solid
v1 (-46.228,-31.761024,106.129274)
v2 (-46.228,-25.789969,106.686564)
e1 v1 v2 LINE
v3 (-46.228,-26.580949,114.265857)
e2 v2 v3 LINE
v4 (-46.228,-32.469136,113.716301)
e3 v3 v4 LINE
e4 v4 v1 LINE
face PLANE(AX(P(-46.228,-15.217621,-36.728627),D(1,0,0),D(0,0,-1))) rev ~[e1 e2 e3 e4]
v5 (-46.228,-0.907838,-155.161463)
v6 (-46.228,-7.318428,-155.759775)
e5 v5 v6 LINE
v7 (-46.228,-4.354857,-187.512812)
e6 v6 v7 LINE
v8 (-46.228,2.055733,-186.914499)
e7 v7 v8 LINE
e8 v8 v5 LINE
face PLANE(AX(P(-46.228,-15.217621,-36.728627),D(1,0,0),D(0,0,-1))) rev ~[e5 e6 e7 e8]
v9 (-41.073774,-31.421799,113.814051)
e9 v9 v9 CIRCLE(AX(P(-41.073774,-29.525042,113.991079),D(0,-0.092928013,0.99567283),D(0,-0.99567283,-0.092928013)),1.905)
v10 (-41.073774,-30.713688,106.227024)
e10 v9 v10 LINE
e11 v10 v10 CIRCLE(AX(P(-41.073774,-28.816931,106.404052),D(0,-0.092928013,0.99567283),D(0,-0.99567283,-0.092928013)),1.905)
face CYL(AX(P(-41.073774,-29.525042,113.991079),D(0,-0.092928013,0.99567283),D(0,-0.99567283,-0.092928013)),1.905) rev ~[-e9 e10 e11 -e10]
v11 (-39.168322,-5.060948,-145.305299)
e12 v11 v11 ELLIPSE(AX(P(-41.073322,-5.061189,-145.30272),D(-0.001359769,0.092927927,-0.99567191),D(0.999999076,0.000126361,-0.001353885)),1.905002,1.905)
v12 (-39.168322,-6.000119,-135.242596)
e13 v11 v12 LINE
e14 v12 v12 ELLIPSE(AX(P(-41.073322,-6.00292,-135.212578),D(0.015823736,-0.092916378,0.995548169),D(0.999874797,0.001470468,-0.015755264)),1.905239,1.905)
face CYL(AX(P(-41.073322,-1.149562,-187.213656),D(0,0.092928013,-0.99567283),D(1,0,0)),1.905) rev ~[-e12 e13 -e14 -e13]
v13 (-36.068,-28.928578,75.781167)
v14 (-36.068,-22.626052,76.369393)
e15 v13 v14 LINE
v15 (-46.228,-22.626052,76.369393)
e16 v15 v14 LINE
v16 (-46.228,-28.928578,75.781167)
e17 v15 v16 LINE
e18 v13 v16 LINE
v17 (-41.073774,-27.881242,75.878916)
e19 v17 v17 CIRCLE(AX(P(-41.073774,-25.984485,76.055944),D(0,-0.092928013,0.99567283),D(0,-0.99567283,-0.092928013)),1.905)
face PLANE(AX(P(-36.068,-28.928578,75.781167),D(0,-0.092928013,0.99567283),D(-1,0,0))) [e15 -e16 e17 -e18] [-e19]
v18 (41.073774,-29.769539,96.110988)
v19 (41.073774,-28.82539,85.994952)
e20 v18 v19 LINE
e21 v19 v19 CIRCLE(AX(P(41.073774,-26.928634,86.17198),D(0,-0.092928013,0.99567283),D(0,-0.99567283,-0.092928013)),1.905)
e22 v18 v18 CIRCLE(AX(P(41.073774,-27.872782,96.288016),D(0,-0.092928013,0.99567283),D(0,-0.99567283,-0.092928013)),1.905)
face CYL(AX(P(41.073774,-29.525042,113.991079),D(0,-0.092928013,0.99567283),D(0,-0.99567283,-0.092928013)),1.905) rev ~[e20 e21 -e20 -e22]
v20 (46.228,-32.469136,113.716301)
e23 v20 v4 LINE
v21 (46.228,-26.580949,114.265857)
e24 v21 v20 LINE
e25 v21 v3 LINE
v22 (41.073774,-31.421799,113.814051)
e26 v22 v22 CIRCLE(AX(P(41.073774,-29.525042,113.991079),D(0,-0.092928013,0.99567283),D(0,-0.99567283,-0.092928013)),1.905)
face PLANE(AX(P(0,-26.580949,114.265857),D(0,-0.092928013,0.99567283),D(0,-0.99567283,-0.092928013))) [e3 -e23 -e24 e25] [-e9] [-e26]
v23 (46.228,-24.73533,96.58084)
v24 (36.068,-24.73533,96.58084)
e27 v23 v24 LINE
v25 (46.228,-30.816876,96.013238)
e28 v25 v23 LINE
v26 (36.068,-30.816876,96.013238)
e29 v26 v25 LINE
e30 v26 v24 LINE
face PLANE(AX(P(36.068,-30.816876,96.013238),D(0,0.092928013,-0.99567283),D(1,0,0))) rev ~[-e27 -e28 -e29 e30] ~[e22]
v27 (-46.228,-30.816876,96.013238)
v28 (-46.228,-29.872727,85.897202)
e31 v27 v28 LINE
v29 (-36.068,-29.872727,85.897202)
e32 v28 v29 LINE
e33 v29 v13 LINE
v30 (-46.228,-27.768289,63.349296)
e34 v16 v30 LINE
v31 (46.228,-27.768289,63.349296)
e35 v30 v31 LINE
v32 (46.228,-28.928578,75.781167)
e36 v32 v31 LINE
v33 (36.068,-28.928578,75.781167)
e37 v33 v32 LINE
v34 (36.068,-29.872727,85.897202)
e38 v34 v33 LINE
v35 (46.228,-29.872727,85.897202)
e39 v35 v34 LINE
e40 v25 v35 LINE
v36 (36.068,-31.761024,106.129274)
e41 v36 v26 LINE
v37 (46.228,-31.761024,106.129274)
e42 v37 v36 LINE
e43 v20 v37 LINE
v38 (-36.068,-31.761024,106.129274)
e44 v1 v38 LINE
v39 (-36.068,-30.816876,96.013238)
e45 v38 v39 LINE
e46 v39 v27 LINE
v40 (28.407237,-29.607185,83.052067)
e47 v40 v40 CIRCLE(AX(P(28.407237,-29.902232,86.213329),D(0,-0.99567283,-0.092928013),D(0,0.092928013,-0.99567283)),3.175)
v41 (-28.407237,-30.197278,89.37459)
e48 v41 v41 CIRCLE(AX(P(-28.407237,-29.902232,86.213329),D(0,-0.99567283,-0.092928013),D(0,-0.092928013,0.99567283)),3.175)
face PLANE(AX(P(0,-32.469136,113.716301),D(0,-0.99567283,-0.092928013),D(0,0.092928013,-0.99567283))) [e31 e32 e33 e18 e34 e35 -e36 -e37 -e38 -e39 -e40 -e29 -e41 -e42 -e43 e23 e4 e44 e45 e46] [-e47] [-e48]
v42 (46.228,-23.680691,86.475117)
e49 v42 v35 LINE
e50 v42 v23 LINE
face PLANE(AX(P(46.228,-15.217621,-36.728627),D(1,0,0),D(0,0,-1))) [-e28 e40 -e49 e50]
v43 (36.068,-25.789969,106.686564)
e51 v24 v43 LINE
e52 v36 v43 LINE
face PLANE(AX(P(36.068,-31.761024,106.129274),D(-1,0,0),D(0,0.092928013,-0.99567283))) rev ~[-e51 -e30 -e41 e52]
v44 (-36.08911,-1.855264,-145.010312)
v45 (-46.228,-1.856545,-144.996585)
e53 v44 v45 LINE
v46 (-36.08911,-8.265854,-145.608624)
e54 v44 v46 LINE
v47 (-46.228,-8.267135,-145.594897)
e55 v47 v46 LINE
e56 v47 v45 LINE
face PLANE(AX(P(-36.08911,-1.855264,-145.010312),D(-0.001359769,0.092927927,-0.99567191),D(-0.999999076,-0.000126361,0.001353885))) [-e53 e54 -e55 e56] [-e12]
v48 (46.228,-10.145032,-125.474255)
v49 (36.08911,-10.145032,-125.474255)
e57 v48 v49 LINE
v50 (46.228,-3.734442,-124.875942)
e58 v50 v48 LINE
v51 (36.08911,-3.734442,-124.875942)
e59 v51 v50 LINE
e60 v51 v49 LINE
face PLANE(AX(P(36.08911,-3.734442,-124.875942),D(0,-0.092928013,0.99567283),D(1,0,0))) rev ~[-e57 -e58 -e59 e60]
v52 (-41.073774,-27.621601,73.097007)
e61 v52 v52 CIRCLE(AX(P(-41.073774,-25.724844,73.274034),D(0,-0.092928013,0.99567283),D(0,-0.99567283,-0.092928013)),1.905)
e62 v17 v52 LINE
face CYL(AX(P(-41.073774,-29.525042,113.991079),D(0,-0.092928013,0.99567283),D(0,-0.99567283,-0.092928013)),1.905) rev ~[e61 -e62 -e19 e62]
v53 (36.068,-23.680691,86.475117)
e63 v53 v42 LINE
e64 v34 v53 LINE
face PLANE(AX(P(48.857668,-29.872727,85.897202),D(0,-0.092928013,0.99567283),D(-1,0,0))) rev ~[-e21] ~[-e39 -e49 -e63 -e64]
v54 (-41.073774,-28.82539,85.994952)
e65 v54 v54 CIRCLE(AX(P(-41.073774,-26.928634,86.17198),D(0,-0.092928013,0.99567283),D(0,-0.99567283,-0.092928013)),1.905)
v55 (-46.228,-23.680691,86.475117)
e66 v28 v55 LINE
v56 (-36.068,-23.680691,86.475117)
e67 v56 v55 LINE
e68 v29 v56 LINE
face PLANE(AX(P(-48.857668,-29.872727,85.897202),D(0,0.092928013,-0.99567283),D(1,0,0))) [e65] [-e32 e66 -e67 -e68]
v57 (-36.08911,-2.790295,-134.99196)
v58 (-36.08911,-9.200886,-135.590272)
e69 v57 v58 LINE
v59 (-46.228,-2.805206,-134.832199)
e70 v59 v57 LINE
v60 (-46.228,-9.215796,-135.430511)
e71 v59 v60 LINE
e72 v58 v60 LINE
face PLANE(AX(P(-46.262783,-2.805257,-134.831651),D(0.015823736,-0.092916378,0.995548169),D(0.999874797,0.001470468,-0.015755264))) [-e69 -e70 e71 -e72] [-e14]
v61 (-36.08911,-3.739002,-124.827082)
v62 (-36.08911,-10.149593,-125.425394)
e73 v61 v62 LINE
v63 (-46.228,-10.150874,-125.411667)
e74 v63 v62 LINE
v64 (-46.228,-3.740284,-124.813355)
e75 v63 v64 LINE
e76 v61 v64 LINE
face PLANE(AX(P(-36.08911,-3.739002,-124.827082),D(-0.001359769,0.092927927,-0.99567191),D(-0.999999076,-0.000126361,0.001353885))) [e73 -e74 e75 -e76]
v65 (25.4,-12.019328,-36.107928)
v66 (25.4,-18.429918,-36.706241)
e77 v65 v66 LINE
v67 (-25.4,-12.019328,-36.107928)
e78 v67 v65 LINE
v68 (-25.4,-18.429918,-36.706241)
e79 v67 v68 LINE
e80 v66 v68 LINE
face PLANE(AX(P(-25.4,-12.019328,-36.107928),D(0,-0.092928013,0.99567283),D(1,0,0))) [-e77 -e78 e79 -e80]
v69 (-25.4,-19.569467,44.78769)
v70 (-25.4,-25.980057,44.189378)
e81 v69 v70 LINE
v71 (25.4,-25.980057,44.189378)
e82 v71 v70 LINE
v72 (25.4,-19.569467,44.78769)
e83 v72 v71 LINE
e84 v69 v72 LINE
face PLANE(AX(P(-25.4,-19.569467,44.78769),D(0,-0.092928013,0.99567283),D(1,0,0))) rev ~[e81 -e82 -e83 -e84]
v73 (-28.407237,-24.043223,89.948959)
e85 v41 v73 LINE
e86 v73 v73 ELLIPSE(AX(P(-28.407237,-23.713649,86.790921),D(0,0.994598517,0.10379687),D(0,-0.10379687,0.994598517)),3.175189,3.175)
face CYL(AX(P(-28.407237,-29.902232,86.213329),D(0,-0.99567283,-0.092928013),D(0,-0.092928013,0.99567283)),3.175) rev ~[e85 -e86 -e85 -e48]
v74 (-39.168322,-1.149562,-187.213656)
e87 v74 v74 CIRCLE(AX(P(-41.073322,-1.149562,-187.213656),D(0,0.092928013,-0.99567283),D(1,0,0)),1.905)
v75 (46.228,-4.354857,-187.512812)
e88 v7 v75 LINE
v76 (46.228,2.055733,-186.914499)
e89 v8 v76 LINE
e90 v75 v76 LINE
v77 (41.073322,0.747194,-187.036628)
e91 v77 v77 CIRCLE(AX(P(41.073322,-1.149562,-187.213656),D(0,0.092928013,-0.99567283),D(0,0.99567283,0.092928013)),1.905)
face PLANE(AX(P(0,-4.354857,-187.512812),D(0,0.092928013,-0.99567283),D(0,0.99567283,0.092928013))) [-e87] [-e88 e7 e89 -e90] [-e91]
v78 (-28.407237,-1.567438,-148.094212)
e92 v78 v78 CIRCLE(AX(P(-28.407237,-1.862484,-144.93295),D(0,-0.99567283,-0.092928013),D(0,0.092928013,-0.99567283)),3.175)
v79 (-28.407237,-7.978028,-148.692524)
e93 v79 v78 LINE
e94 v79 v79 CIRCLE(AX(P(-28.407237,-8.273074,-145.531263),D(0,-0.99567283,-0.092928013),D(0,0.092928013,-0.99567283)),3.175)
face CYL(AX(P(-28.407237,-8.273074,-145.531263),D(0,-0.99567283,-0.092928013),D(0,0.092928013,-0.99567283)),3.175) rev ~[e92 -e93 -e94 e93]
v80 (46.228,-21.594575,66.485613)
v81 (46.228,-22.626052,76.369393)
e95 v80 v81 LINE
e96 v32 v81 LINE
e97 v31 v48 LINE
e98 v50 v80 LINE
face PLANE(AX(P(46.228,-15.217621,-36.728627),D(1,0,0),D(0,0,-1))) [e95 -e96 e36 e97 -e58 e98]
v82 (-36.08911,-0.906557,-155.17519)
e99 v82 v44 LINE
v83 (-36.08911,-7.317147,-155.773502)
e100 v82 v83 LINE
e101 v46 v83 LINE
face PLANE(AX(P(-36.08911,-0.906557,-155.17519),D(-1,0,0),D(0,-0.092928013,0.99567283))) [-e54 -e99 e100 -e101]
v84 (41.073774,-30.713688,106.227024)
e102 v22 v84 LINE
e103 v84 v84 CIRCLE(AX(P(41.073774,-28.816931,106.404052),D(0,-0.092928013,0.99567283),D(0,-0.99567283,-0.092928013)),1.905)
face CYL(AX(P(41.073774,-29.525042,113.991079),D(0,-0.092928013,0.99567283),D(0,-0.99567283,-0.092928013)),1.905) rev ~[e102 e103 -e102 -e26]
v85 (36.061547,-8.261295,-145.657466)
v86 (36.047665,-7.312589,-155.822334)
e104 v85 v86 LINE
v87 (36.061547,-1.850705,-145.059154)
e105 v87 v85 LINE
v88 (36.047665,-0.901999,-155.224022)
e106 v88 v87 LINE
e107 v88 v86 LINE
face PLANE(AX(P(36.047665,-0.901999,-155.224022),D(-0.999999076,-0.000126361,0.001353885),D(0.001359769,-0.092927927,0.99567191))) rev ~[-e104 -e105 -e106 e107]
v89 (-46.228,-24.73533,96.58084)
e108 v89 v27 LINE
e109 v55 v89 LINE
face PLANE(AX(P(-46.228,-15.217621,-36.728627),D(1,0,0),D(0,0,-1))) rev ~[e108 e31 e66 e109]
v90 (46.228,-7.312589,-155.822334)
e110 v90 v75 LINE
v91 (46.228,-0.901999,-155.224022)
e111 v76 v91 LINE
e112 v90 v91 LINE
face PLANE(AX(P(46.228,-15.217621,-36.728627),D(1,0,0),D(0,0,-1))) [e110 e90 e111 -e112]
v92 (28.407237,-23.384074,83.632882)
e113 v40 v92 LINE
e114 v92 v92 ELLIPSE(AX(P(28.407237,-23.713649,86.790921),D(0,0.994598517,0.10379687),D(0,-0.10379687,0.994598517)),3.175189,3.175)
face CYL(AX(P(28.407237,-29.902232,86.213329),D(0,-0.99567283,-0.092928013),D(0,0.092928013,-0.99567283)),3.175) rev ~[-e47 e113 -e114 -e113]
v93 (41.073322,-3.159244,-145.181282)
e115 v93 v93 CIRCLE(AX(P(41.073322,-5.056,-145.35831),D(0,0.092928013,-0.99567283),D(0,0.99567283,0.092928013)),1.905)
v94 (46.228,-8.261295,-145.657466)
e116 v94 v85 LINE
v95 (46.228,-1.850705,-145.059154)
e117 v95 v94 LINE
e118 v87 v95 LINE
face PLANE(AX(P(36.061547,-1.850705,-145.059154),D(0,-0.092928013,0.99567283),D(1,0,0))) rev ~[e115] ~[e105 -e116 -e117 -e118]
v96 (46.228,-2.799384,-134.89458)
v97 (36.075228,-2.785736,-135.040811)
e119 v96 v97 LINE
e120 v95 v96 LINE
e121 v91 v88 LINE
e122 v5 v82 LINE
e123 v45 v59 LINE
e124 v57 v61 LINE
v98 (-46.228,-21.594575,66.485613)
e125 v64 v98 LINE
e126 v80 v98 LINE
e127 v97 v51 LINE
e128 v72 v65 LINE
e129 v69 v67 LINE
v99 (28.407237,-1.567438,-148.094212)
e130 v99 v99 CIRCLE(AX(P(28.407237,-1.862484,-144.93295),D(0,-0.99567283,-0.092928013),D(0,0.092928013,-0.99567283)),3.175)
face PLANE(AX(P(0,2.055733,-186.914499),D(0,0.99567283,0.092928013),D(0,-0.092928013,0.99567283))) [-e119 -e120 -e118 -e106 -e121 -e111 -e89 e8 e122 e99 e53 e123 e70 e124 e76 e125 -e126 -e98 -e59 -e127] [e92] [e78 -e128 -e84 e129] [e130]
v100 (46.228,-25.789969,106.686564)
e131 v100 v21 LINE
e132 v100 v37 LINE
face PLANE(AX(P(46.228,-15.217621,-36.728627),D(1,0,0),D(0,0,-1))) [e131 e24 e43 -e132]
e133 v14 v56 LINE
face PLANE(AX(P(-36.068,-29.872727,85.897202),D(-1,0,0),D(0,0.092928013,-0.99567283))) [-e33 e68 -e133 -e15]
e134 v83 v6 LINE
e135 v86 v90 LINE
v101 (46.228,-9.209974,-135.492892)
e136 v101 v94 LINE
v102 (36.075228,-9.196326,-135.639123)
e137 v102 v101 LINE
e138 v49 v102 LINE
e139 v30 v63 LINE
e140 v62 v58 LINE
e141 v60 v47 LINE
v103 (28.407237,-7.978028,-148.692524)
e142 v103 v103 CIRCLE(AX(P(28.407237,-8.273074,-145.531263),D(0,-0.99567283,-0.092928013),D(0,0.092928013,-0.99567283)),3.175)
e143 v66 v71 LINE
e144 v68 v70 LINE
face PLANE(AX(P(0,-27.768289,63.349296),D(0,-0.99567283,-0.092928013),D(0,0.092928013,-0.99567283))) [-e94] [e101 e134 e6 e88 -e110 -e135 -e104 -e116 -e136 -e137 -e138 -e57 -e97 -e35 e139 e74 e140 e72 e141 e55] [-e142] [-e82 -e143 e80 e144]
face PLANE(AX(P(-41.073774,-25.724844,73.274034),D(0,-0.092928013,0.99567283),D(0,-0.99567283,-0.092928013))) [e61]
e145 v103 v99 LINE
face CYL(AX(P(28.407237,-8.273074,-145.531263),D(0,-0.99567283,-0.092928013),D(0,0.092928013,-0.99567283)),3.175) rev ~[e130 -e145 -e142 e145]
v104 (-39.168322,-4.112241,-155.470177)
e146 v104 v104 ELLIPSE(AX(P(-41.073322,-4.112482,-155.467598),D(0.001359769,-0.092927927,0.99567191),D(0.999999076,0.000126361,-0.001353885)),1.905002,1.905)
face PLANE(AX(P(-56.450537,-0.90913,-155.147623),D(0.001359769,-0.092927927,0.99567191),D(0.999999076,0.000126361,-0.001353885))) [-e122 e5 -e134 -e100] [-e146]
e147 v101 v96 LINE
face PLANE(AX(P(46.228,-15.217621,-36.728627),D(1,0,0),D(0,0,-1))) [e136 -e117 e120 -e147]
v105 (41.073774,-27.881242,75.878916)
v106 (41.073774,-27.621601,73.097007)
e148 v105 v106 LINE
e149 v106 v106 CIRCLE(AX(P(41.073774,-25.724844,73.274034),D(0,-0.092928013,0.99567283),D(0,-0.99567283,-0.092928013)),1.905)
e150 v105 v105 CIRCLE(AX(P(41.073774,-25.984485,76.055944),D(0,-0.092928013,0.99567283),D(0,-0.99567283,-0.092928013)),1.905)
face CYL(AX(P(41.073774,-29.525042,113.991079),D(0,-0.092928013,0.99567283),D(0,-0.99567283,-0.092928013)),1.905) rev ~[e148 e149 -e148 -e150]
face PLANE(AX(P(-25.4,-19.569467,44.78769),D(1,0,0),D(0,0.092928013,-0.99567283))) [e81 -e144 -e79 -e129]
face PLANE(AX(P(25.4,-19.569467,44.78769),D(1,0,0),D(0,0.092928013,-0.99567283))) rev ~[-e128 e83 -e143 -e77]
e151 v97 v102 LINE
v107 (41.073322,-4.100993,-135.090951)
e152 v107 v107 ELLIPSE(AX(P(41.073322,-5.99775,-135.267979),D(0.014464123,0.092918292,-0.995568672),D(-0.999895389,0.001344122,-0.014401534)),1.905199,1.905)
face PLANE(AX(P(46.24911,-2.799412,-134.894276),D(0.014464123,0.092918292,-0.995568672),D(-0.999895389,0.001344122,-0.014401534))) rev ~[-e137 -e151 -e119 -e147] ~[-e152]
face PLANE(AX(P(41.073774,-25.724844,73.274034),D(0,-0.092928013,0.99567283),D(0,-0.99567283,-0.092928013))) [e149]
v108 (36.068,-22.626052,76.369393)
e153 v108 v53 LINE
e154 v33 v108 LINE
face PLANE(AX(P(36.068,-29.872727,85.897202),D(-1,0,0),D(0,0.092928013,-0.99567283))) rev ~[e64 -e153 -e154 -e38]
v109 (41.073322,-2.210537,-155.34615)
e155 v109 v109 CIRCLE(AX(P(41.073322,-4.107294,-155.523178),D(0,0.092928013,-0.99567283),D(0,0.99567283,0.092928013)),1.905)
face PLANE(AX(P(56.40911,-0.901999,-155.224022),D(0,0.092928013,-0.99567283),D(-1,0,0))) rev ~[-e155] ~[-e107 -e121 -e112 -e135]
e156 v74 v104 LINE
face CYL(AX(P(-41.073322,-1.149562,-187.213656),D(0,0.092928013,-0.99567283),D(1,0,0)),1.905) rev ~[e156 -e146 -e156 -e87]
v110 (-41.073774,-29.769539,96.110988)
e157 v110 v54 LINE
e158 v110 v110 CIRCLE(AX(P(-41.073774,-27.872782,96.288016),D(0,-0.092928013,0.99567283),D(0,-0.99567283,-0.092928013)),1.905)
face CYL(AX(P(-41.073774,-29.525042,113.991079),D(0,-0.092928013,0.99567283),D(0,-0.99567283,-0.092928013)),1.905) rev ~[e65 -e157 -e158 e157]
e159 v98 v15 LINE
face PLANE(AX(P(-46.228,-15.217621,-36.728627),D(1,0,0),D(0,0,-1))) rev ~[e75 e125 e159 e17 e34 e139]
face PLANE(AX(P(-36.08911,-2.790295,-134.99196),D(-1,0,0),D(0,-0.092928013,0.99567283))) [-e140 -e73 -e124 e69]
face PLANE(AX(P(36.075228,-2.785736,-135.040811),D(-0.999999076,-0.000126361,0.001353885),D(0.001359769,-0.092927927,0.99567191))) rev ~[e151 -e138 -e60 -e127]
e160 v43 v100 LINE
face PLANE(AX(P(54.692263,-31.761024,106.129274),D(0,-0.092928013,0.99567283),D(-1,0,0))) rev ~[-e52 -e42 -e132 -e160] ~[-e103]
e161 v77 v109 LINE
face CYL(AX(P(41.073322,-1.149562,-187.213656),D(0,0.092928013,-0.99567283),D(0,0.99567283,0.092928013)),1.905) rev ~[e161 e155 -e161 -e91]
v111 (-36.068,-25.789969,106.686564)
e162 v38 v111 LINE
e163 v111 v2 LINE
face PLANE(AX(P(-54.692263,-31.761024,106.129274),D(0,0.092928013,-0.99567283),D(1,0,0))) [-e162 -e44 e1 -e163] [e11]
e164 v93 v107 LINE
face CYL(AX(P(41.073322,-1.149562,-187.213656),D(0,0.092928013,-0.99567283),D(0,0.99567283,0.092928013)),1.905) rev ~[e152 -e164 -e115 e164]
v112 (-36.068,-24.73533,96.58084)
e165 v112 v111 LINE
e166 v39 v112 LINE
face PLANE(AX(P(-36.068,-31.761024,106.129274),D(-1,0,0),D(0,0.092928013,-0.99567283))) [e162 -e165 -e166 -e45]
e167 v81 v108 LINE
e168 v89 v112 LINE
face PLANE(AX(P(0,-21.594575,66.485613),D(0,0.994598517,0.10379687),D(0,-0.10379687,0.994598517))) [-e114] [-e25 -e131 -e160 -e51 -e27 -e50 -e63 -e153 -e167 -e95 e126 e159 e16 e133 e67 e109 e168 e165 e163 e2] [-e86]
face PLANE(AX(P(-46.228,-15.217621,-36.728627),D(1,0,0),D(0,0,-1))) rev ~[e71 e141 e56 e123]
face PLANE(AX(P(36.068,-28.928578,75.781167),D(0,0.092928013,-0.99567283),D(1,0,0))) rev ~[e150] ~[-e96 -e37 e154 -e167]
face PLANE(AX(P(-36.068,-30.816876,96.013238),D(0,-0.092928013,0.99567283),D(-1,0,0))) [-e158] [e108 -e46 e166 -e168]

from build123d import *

# Parameters (mm, degrees)
FRAME_DEPTH              = 46.228
SKETCH7_W                = 50.8
SKETCH7_H                = 81.247188803
BATTERY_SLOT_DEPTH       = 32.131
EXTRUDE25_DEPTH          = 12.7
LOW_A_ARM_MOUNTING_DEPTH = 8.128
REAR_HINGE_HOLES_REACH   = 309.358
SKETCH25_R               = 1.905
SKETCH33_R               = 3.175
EXTRUDE23_DEPTH          = 9.652
SKETCH32_R               = 3.175
EXTRUDE24_DEPTH          = 9.652
SKETCH34_R               = 1.905
EXTRUDE26_DEPTH          = 40.894


with BuildPart() as part:
    # Sketch2 → Frame (new, symmetric)
    with BuildSketch(Plane(origin=(0, 0, 0), x_dir=(0, 0, -1), z_dir=(1, 0, 0))):
        Polygon((-113.716301345, -32.469135694), (-63.34929575, -27.768288573), (187.512811896, -4.354857448), (186.914499493, 2.05573268), (-66.485612868, -21.594575186), (-114.265856874, -26.580948798), align=None)
    extrude(amount=FRAME_DEPTH, both=True)

    # Sketch7 → Battery Slot (cut)
    with BuildSketch(Plane(origin=(0, -15.256451714, -1.42391326), x_dir=(1, 0, 0), z_dir=(0, 0.9956728299897474, 0.09292801310803929))):
        with Locations((0, -5.788843516)):
            Rectangle(SKETCH7_W, SKETCH7_H)
    extrude(amount=-BATTERY_SLOT_DEPTH, mode=Mode.SUBTRACT)

    # Sketch20 → Extrude25 (cut)
    with BuildSketch(Plane(origin=(0, -21.667041842, -2.022225663), x_dir=(1, 0, 0), z_dir=(0, -0.9956728299897474, -0.09292801310803922))):
        Polygon((54.692263435, 108.621523843), (36.068, 108.621523843), (36.068, 98.461523843), (48.857667711, 98.461523843), (48.857667711, 88.301523843), (36.068, 88.301523843), (36.068, 78.141523843), (53.624725675, 78.141523843), align=None)
        Polygon((-53.624725675, 78.141523843), (-54.692263435, 108.621523843), (-36.068, 108.621523843), (-36.068, 98.461523843), (-48.857667711, 98.461523843), (-48.857667711, 88.301523843), (-36.068, 88.301523843), (-36.068, 78.141523843), align=None)
    extrude(amount=-EXTRUDE25_DEPTH, mode=Mode.SUBTRACT)

    # Sketch24 → Low A-Arm Mounting (cut)
    with BuildSketch(Plane(origin=(0, -15.256451714, -1.42391326), x_dir=(1, 0, 0), z_dir=(0, 0.9956728299897474, 0.09292801310803929))):
        Polygon((56.409110401, 123.988548499), (56.409110401, 154.468520321), (36.047664653, 154.468520321), (36.061546605, 144.259475636), (46.249110401, 144.259475636), (46.249110401, 134.050421513), (36.07522845, 134.197593184), (36.089110401, 123.988548499), align=None)
        Polygon((-36.089110402, 123.939475636), (-56.409091616, 123.911845137), (-56.450537326, 154.39178878), (-36.089110402, 154.419475636), (-36.089110402, 144.210421513), (-46.27666478, 144.196568783), (-46.262782828, 133.987524098), (-36.089110402, 134.148529759), align=None)
    extrude(amount=-LOW_A_ARM_MOUNTING_DEPTH, mode=Mode.SUBTRACT)

    # Rear Hinge Holes: up to this face of the body (flat: up to its plane)
    rear_hinge_holes_end = Plane(part.part.faces().sort_by_distance((41.158555201, -6.939737318, -125.175098432))[0])
    # Sketch25 → Rear Hinge Holes (cut, up to the picked face)
    with BuildSketch(Plane(origin=(0, 17.312184394, -185.490586234), x_dir=(-1, 0, 0), z_dir=(0, 0.09292801310803887, -0.9956728299897473)), mode=Mode.PRIVATE) as rear_hinge_holes_sk1:
        with Locations(Location((-41.073322363, -18.541981083, 0), (0, 0, 90))):
            Circle(SKETCH25_R)
    rear_hinge_holes_tool1 = split(extrude(rear_hinge_holes_sk1.sketch, amount=-REAR_HINGE_HOLES_REACH, mode=Mode.PRIVATE), bisect_by=rear_hinge_holes_end, keep=Keep.BOTH, mode=Mode.PRIVATE)
    # Sketch25 → Rear Hinge Holes (cut, up to the picked face)
    with BuildSketch(Plane(origin=(0, 17.312184394, -185.490586234), x_dir=(-1, 0, 0), z_dir=(0, 0.09292801310803887, -0.9956728299897473)), mode=Mode.PRIVATE) as rear_hinge_holes_sk2:
        with Locations(Location((41.073322363, -18.541981083, 0), (0, 0, 180))):
            Circle(SKETCH25_R)
    rear_hinge_holes_tool2 = split(extrude(rear_hinge_holes_sk2.sketch, amount=-REAR_HINGE_HOLES_REACH, mode=Mode.PRIVATE), bisect_by=rear_hinge_holes_end, keep=Keep.BOTH, mode=Mode.PRIVATE)
    add(rear_hinge_holes_tool1.solids().sort_by(Axis((41.073322, -1.149562, -187.213656), (0, -0.09292801310803887, 0.9956728299897473)))[0], mode=Mode.SUBTRACT)
    add(rear_hinge_holes_tool2.solids().sort_by(Axis((-41.073322, -1.149562, -187.213656), (0, -0.09292801310803887, 0.9956728299897473)))[0], mode=Mode.SUBTRACT)

    # Sketch33 → Extrude23 (cut)
    with BuildSketch(Plane(origin=(0, -21.667041842, -2.022225663), x_dir=(1, 0, 0), z_dir=(0, -0.9956728299897473, -0.09292801310803925))):
        with Locations(Location((28.407237147, -144.13272383, 0), (0, 0, 270))):
            Circle(SKETCH33_R)
        with Locations(Location((-28.407237147, -144.13272383, 0), (0, 0, 270))):
            Circle(SKETCH33_R)
    extrude(amount=-EXTRUDE23_DEPTH, mode=Mode.SUBTRACT)

    # Sketch32 → Extrude24 (cut)
    with BuildSketch(Plane(origin=(0, -21.667041842, -2.022225663), x_dir=(1, 0, 0), z_dir=(0, -0.9956728299897473, -0.0929280131080392))):
        with Locations(Location((28.407237147, 88.619023843, 0), (0, 0, 270))):
            Circle(SKETCH32_R)
        with Locations(Location((-28.407237147, 88.619023843, 0), (0, 0, 90))):
            Circle(SKETCH32_R)
    extrude(amount=-EXTRUDE24_DEPTH, mode=Mode.SUBTRACT)

    # Sketch34 → Extrude26 (cut)
    with BuildSketch(Plane(origin=(0, -10.802093851, 115.738527007), x_dir=(1, 0, 0), z_dir=(0, -0.09292801310803855, 0.9956728299897473))):
        with Locations(Location((-41.073774155, -18.804317875, 0), (0, 0, 270))):
            Circle(SKETCH34_R)
        with Locations(Location((41.073774155, -18.804317875, 0), (0, 0, 270))):
            Circle(SKETCH34_R)
    extrude(amount=-EXTRUDE26_DEPTH, mode=Mode.SUBTRACT)


solid = part.part
